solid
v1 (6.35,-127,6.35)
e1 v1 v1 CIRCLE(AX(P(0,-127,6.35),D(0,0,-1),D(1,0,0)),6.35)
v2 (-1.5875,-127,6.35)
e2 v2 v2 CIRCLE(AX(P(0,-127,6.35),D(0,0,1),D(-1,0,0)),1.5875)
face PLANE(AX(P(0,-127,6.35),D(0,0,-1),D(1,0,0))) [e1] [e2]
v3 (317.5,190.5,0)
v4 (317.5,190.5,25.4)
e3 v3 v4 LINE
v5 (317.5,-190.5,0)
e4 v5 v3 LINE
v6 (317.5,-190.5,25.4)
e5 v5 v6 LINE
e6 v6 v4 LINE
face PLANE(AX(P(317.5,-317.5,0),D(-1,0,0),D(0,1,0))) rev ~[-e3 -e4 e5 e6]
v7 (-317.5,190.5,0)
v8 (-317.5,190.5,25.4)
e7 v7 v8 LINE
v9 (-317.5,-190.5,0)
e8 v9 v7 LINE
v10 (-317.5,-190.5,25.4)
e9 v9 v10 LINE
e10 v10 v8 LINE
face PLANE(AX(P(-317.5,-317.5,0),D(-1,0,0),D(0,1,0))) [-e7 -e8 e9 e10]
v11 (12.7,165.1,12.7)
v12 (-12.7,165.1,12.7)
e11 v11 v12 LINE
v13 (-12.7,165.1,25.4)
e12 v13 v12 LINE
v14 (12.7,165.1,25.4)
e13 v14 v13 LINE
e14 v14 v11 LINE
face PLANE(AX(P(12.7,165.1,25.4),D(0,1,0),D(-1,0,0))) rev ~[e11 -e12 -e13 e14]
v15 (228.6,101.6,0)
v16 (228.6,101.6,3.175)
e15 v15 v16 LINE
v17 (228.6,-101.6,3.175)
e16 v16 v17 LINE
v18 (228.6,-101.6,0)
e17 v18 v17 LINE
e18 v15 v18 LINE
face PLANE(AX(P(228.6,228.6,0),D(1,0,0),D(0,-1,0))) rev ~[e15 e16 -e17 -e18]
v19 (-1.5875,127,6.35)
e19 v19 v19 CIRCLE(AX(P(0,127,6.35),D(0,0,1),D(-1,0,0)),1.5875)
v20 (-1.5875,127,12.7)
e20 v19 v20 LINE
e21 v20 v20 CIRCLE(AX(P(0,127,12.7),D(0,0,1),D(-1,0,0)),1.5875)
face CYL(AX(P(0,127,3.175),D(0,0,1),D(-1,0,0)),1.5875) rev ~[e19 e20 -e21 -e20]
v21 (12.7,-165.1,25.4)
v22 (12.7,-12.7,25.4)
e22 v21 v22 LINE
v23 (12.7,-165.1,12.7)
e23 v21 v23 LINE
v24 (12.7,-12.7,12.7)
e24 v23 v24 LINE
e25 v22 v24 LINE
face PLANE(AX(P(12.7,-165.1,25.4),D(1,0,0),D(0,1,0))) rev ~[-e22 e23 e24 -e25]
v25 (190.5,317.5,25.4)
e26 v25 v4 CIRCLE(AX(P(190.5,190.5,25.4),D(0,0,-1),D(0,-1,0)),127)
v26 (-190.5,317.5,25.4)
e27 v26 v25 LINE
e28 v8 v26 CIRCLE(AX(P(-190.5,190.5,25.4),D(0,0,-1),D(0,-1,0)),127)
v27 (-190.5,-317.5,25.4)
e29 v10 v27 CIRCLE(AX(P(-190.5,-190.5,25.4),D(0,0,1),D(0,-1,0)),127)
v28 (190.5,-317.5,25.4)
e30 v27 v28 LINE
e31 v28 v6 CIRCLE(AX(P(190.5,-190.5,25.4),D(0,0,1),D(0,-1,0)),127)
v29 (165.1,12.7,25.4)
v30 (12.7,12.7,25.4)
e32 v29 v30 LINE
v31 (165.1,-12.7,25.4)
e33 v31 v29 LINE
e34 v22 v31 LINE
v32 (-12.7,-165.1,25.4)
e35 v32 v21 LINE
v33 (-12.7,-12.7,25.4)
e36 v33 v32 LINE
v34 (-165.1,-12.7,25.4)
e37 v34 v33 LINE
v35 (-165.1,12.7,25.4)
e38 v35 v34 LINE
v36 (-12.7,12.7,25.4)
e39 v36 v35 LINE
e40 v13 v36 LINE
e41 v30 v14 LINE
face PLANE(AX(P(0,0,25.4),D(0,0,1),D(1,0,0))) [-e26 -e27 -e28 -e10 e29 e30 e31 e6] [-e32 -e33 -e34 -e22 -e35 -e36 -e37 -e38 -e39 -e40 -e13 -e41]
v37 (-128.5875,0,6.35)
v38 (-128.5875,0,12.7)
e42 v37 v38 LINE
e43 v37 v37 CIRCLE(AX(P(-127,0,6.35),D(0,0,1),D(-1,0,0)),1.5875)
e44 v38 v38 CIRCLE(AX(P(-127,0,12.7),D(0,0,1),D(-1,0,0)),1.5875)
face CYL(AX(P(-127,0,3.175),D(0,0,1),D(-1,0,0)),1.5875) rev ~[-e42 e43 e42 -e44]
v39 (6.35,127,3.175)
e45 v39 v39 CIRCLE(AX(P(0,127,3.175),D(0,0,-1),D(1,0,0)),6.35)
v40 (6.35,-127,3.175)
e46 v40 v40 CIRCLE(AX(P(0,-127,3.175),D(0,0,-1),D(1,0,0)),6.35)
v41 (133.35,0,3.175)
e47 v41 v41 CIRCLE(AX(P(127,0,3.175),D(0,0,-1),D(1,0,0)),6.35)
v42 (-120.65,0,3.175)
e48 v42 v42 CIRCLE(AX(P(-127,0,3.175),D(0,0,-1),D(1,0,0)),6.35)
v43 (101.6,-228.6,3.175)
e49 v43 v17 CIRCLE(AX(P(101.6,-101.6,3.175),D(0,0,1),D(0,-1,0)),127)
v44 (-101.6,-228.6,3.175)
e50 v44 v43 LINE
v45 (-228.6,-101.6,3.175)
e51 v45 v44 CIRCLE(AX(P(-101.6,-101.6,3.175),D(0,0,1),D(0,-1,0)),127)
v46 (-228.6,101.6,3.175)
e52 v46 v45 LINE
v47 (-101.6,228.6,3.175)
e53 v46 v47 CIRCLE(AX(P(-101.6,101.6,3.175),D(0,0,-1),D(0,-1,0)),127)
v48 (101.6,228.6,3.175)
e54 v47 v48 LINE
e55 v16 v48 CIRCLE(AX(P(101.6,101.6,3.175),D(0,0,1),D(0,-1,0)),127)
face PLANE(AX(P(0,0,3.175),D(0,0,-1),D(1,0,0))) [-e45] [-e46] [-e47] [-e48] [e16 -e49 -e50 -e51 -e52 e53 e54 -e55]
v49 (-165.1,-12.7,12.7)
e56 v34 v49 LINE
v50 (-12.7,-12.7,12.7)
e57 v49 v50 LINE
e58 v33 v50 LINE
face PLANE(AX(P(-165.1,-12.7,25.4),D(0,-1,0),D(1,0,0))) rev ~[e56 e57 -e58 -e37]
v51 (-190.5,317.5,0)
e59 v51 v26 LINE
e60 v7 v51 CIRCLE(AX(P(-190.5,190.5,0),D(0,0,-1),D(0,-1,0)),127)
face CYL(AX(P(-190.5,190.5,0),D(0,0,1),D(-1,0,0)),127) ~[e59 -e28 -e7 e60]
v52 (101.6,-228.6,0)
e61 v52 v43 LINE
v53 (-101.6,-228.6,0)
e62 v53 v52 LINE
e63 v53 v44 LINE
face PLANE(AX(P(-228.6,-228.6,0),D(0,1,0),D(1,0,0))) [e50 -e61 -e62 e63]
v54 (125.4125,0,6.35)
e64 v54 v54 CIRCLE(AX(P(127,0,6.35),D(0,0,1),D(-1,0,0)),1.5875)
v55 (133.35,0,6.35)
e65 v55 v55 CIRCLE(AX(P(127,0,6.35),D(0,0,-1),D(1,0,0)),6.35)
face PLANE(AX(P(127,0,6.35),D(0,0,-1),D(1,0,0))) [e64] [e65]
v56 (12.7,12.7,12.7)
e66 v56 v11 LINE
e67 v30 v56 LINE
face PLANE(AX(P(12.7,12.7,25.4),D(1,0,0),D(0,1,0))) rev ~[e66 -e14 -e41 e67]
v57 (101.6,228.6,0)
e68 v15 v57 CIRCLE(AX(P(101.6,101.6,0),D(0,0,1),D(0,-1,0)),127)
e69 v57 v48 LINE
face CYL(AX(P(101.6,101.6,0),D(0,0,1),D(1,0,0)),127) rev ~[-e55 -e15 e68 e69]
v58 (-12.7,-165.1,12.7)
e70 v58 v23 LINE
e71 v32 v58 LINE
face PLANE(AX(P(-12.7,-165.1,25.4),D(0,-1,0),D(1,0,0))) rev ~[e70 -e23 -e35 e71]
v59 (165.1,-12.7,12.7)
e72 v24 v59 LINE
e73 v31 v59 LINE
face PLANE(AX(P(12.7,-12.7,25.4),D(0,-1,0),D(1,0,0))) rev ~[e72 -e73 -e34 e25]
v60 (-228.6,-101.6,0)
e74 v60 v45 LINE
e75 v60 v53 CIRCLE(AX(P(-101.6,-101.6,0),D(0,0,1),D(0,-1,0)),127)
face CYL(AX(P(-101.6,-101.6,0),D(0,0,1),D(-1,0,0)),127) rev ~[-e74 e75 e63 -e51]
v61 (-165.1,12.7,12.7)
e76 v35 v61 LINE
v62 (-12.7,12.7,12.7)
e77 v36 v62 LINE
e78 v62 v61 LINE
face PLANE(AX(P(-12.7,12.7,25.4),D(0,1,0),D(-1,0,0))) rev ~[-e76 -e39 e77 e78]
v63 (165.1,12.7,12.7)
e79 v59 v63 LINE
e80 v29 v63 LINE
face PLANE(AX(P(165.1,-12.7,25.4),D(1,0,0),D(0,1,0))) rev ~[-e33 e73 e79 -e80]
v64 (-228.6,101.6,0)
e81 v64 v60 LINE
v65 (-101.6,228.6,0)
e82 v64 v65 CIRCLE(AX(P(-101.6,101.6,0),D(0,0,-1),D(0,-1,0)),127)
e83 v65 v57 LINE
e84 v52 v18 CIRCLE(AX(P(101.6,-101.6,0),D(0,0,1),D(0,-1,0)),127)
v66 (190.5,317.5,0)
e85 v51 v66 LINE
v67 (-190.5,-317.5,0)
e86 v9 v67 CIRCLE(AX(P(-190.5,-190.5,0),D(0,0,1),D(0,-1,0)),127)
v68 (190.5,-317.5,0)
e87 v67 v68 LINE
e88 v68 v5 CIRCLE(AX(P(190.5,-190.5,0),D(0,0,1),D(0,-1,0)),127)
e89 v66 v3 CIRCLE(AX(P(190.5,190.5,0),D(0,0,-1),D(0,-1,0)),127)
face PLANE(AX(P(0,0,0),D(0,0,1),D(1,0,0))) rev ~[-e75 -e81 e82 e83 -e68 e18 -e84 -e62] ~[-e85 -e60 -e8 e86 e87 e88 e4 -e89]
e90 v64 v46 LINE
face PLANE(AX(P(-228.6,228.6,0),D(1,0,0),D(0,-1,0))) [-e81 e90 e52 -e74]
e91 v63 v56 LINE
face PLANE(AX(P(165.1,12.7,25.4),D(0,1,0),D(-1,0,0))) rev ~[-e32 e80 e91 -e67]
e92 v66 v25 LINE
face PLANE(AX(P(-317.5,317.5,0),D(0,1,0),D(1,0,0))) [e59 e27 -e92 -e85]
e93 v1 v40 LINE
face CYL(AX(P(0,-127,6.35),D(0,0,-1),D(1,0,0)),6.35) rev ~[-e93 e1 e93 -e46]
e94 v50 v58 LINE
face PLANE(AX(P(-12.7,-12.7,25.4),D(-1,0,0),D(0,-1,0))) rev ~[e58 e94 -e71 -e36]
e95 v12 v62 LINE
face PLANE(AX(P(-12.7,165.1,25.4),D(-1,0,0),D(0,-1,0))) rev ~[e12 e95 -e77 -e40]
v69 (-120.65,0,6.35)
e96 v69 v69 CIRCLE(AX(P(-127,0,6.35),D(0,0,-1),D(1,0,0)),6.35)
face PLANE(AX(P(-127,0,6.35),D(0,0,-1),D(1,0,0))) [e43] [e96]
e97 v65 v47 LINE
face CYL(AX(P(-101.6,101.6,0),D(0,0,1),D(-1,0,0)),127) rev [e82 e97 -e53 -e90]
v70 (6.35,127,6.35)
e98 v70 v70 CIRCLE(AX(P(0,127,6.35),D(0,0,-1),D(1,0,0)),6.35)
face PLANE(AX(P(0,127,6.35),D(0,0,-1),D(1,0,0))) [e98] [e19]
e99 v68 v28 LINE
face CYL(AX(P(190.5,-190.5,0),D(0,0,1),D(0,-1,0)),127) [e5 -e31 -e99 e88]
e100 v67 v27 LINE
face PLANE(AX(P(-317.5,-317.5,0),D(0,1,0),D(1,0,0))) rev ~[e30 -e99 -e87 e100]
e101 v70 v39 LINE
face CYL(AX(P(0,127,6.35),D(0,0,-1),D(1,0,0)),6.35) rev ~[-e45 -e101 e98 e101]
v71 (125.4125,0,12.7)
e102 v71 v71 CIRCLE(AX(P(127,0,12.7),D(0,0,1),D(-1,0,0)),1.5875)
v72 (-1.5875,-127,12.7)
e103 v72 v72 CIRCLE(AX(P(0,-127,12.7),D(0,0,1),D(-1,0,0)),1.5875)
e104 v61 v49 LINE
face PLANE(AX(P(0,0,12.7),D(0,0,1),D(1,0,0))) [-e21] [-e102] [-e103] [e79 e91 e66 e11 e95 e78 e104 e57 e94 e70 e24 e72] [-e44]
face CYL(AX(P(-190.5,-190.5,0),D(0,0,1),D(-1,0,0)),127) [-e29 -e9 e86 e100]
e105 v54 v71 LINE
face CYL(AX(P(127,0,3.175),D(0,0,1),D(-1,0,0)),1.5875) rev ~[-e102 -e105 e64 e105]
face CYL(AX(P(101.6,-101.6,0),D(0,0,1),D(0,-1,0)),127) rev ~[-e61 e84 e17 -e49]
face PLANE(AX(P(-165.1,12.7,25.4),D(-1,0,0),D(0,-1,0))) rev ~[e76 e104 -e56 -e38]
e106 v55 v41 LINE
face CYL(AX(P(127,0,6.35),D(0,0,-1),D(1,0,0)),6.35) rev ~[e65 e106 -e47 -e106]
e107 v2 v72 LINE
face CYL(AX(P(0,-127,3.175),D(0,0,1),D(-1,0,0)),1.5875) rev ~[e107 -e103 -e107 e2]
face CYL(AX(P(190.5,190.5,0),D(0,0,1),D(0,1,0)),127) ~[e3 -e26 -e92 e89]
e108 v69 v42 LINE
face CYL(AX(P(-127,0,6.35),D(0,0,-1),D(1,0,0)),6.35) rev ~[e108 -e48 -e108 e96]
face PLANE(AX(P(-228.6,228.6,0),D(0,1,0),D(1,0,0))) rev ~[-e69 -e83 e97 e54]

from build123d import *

# Parameters (mm, degrees)
F0_W           = 635
F0_H           = 635
F1_DEPTH       = 25.4
F9_DEPTH       = 12.7
F2_R           = 127
F3_W           = 457.2
F3_H           = 457.2
F4_DEPTH       = 3.175
F5_R           = 127
F7_D           = 3.175
F7_DEPTH       = 63.5
F7_CBORE_D     = 12.7
F7_CBORE_DEPTH = 3.175


with BuildPart() as f1:
    # F0 (on Top) → F1 (new body)
    with BuildSketch(Plane.XY):
        Rectangle(F0_W, F0_H)
    extrude(amount=F1_DEPTH)

    # F8 (on face) → F9 (cut)
    with BuildSketch(Plane.XY.offset(25.4)):
        Polygon((12.7, 12.7), (12.7, 165.1), (-12.7, 165.1), (-12.7, 12.7), (-165.1, 12.7), (-165.1, -12.7), (-12.7, -12.7), (-12.7, -165.1), (12.7, -165.1), (12.7, -12.7), (165.1, -12.7), (165.1, 12.7), align=None)
    extrude(amount=-F9_DEPTH, mode=Mode.SUBTRACT)

    # F2
    f2_edges = [f1.edges().sort_by_distance(p)[0] for p in [
        (-317.5, -317.5, 12.7),
        (317.5, -317.5, 12.7),
        (317.5, 317.5, 12.7),
        (-317.5, 317.5, 12.7),
    ]]
    fillet(f2_edges, radius=F2_R)

    # F3 (on face) → F4 (cut)
    with BuildSketch(Plane(origin=(0, 0, 0), x_dir=(1, 0, 0), z_dir=(0, 0, -1))):
        Rectangle(F3_W, F3_H)
    extrude(amount=-F4_DEPTH, mode=Mode.SUBTRACT)

    # F5
    f5_edges = [f1.edges().sort_by_distance(p)[0] for p in [
        (-228.6, -228.6, 1.5875),
        (228.6, -228.6, 1.5875),
        (228.6, 228.6, 1.5875),
        (-228.6, 228.6, 1.5875),
    ]]
    fillet(f5_edges, radius=F5_R)

    # F7
    with Locations(Plane(origin=(0, 0, 3.175), x_dir=(1, 0, 0), z_dir=(0, 0, -1))):
        with Locations((-127, 0), (127, 0), (0, 127), (0, -127)):
            CounterBoreHole(F7_D / 2, F7_CBORE_D / 2, F7_CBORE_DEPTH, depth=F7_DEPTH)


solid = f1.part
